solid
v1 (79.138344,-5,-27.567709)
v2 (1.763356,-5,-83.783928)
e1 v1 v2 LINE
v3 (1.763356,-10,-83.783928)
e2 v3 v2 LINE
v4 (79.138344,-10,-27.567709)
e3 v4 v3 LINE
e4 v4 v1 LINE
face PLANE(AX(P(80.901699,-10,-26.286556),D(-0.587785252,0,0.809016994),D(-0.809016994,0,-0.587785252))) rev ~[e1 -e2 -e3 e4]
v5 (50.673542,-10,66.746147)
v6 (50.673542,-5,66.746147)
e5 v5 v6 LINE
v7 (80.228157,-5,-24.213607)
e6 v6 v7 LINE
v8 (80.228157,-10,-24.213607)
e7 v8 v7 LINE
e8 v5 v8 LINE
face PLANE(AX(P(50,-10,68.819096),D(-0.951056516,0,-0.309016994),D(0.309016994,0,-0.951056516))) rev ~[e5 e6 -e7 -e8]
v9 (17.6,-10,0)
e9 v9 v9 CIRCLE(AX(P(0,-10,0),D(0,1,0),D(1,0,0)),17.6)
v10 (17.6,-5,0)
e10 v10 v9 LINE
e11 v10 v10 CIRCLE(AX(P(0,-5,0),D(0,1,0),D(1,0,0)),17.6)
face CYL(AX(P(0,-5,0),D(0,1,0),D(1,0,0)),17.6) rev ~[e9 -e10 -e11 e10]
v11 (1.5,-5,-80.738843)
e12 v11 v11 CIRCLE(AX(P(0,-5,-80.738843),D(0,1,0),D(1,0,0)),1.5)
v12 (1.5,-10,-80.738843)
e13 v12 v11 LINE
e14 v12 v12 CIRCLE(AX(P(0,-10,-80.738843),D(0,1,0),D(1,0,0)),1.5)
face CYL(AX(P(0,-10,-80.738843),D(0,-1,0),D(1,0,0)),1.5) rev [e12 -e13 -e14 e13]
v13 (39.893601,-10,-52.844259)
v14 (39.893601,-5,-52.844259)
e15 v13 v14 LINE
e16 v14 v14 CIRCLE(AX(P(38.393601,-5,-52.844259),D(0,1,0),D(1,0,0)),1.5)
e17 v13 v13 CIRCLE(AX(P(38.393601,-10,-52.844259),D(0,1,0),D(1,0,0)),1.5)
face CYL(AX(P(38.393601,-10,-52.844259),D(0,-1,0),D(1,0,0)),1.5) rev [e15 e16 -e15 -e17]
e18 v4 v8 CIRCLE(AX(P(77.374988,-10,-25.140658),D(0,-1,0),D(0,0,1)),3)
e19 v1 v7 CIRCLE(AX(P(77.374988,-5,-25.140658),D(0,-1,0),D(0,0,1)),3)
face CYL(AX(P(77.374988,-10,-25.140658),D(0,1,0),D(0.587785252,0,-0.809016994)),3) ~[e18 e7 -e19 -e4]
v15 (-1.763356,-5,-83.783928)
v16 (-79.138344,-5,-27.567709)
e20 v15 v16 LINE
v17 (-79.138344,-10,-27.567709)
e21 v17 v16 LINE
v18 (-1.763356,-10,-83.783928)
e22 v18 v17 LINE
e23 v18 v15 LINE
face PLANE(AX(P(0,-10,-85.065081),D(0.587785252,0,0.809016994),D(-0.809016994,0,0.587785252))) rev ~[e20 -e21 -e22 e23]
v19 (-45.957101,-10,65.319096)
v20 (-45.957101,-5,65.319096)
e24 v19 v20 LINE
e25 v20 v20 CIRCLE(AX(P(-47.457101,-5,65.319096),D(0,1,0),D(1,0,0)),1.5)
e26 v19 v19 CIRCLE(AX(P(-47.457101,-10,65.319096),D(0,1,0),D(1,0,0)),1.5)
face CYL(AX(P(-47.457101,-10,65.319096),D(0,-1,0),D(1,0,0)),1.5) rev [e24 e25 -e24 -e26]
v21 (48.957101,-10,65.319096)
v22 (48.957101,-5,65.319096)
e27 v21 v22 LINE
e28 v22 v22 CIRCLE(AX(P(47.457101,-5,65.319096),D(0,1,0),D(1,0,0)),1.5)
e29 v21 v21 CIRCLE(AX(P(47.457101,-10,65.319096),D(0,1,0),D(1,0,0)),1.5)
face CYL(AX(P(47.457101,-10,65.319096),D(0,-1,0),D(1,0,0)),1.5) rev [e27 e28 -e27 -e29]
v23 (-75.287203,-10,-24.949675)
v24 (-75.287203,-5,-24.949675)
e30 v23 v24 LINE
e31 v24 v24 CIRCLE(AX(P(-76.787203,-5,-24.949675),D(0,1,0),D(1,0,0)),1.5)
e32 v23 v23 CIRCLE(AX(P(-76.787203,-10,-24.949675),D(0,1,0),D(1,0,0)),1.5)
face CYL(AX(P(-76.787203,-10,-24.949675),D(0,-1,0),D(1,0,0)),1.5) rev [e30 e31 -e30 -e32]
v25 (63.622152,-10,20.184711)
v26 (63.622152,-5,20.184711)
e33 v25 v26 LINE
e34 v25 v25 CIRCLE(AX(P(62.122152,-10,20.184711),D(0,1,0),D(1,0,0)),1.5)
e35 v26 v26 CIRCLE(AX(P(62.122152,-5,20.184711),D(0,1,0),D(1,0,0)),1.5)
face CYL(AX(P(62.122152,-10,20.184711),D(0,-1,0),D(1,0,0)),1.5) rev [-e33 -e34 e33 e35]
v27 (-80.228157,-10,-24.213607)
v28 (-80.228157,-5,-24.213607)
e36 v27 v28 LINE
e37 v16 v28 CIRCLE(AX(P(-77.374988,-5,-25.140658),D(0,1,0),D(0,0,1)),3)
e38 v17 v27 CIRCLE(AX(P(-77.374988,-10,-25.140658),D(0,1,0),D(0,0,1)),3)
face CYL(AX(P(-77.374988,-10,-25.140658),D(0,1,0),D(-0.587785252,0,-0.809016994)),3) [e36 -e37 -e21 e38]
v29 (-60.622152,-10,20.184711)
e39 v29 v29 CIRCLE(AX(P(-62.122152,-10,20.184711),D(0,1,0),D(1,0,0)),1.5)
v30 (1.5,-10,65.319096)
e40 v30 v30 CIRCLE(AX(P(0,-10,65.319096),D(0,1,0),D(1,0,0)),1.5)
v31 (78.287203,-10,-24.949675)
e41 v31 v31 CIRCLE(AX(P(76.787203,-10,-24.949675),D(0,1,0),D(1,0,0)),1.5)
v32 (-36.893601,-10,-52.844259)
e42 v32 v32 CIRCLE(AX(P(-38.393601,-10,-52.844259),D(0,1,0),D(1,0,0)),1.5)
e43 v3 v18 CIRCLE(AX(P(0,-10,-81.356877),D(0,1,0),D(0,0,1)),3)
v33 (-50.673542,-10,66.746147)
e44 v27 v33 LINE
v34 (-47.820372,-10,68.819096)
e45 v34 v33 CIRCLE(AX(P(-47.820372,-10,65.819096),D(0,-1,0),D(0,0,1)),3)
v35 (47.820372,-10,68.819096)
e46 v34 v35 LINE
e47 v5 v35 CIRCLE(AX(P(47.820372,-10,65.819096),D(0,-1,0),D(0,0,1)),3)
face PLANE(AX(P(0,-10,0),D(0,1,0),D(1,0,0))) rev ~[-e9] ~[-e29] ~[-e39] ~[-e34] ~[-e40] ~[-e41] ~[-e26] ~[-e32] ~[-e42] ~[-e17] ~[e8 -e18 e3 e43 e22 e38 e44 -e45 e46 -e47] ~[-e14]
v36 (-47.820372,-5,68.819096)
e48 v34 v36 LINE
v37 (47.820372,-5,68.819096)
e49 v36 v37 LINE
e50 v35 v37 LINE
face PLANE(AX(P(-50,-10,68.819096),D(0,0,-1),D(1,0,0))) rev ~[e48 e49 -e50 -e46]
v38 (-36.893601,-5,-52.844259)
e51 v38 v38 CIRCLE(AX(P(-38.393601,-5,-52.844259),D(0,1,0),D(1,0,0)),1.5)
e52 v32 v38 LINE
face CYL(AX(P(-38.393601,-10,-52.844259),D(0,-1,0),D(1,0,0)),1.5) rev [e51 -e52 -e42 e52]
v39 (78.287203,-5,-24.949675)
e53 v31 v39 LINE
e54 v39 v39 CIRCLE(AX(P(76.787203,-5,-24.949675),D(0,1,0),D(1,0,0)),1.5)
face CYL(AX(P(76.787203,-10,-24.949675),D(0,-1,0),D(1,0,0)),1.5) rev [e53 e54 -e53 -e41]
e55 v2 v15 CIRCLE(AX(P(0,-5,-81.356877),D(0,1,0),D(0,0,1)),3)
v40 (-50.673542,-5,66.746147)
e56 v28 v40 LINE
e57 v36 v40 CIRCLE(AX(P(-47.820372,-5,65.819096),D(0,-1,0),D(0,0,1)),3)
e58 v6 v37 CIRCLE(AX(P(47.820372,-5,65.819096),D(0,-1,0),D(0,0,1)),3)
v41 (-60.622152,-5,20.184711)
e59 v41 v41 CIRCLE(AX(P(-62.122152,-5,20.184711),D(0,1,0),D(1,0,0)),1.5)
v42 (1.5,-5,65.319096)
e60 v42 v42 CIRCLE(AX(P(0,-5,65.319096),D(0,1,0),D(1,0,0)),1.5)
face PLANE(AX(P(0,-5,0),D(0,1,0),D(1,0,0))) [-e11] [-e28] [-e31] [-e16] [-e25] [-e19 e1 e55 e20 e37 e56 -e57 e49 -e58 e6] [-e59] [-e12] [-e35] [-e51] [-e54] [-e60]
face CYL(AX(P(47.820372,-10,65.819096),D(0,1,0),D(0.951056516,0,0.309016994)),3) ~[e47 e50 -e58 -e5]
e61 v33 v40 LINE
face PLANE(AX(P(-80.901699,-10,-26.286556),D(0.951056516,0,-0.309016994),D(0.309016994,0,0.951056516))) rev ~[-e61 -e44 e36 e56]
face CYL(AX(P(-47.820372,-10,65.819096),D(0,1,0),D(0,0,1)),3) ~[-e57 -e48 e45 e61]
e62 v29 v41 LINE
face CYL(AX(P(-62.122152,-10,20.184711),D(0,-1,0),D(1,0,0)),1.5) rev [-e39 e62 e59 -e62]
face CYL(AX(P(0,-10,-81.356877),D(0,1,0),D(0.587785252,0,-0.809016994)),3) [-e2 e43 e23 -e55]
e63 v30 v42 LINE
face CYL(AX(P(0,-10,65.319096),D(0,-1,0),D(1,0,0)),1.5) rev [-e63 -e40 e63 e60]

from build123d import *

# Parameters (mm, degrees)
SKETCH7_R           = 1.5
BOSS_EXTRUDE1_DEPTH = 5
SKETCH8_R           = 17.6
CUT_EXTRUDE1_DEPTH  = 5
FILLET1_R           = 3


with BuildPart() as part:
    # Sketch7 → Boss-Extrude1 (new body)
    with BuildSketch(Plane(origin=(0, -10, 0), x_dir=(1, 0, 0), z_dir=(0, 1, 0))):
        Polygon((80.901699437, 26.286555606), (0, 85.065080835), (-80.901699437, 26.286555606), (-50, -68.819096024), (50, -68.819096024), align=None)
        with Locations((62.122151912, -20.184710728)):
            Circle(SKETCH7_R, mode=Mode.SUBTRACT)
        with Locations((47.457101152, -65.319096024)):
            Circle(SKETCH7_R, mode=Mode.SUBTRACT)
        with Locations((0, -65.319096024)):
            Circle(SKETCH7_R, mode=Mode.SUBTRACT)
        with Locations((-47.457101152, -65.319096024)):
            Circle(SKETCH7_R, mode=Mode.SUBTRACT)
        with Locations((-62.122151912, -20.184710728)):
            Circle(SKETCH7_R, mode=Mode.SUBTRACT)
        with Locations((-76.787202671, 24.949674567)):
            Circle(SKETCH7_R, mode=Mode.SUBTRACT)
        with Locations((-38.393601336, 52.84425874)):
            Circle(SKETCH7_R, mode=Mode.SUBTRACT)
        with Locations((0, 80.738842914)):
            Circle(SKETCH7_R, mode=Mode.SUBTRACT)
        with Locations((76.787202671, 24.949674567)):
            Circle(SKETCH7_R, mode=Mode.SUBTRACT)
        with Locations((38.393601336, 52.84425874)):
            Circle(SKETCH7_R, mode=Mode.SUBTRACT)
    extrude(amount=BOSS_EXTRUDE1_DEPTH)

    # Sketch8 → Cut-Extrude1 (cut)
    with BuildSketch(Plane(origin=(0, -5, 0), x_dir=(1, 0, 0), z_dir=(0, 1, 0))):
        Circle(SKETCH8_R)
    extrude(amount=-CUT_EXTRUDE1_DEPTH, mode=Mode.SUBTRACT)

    # Fillet1
    fillet1_edges = [part.edges().sort_by_distance(p)[0] for p in [
        (50, -7.5, 68.819096024),
        (-50, -7.5, 68.819096024),
        (-80.901699437, -7.5, -26.286555606),
        (0, -7.5, -85.065080835),
        (80.901699437, -7.5, -26.286555606),
    ]]
    fillet(fillet1_edges, radius=FILLET1_R)


solid = part.part
